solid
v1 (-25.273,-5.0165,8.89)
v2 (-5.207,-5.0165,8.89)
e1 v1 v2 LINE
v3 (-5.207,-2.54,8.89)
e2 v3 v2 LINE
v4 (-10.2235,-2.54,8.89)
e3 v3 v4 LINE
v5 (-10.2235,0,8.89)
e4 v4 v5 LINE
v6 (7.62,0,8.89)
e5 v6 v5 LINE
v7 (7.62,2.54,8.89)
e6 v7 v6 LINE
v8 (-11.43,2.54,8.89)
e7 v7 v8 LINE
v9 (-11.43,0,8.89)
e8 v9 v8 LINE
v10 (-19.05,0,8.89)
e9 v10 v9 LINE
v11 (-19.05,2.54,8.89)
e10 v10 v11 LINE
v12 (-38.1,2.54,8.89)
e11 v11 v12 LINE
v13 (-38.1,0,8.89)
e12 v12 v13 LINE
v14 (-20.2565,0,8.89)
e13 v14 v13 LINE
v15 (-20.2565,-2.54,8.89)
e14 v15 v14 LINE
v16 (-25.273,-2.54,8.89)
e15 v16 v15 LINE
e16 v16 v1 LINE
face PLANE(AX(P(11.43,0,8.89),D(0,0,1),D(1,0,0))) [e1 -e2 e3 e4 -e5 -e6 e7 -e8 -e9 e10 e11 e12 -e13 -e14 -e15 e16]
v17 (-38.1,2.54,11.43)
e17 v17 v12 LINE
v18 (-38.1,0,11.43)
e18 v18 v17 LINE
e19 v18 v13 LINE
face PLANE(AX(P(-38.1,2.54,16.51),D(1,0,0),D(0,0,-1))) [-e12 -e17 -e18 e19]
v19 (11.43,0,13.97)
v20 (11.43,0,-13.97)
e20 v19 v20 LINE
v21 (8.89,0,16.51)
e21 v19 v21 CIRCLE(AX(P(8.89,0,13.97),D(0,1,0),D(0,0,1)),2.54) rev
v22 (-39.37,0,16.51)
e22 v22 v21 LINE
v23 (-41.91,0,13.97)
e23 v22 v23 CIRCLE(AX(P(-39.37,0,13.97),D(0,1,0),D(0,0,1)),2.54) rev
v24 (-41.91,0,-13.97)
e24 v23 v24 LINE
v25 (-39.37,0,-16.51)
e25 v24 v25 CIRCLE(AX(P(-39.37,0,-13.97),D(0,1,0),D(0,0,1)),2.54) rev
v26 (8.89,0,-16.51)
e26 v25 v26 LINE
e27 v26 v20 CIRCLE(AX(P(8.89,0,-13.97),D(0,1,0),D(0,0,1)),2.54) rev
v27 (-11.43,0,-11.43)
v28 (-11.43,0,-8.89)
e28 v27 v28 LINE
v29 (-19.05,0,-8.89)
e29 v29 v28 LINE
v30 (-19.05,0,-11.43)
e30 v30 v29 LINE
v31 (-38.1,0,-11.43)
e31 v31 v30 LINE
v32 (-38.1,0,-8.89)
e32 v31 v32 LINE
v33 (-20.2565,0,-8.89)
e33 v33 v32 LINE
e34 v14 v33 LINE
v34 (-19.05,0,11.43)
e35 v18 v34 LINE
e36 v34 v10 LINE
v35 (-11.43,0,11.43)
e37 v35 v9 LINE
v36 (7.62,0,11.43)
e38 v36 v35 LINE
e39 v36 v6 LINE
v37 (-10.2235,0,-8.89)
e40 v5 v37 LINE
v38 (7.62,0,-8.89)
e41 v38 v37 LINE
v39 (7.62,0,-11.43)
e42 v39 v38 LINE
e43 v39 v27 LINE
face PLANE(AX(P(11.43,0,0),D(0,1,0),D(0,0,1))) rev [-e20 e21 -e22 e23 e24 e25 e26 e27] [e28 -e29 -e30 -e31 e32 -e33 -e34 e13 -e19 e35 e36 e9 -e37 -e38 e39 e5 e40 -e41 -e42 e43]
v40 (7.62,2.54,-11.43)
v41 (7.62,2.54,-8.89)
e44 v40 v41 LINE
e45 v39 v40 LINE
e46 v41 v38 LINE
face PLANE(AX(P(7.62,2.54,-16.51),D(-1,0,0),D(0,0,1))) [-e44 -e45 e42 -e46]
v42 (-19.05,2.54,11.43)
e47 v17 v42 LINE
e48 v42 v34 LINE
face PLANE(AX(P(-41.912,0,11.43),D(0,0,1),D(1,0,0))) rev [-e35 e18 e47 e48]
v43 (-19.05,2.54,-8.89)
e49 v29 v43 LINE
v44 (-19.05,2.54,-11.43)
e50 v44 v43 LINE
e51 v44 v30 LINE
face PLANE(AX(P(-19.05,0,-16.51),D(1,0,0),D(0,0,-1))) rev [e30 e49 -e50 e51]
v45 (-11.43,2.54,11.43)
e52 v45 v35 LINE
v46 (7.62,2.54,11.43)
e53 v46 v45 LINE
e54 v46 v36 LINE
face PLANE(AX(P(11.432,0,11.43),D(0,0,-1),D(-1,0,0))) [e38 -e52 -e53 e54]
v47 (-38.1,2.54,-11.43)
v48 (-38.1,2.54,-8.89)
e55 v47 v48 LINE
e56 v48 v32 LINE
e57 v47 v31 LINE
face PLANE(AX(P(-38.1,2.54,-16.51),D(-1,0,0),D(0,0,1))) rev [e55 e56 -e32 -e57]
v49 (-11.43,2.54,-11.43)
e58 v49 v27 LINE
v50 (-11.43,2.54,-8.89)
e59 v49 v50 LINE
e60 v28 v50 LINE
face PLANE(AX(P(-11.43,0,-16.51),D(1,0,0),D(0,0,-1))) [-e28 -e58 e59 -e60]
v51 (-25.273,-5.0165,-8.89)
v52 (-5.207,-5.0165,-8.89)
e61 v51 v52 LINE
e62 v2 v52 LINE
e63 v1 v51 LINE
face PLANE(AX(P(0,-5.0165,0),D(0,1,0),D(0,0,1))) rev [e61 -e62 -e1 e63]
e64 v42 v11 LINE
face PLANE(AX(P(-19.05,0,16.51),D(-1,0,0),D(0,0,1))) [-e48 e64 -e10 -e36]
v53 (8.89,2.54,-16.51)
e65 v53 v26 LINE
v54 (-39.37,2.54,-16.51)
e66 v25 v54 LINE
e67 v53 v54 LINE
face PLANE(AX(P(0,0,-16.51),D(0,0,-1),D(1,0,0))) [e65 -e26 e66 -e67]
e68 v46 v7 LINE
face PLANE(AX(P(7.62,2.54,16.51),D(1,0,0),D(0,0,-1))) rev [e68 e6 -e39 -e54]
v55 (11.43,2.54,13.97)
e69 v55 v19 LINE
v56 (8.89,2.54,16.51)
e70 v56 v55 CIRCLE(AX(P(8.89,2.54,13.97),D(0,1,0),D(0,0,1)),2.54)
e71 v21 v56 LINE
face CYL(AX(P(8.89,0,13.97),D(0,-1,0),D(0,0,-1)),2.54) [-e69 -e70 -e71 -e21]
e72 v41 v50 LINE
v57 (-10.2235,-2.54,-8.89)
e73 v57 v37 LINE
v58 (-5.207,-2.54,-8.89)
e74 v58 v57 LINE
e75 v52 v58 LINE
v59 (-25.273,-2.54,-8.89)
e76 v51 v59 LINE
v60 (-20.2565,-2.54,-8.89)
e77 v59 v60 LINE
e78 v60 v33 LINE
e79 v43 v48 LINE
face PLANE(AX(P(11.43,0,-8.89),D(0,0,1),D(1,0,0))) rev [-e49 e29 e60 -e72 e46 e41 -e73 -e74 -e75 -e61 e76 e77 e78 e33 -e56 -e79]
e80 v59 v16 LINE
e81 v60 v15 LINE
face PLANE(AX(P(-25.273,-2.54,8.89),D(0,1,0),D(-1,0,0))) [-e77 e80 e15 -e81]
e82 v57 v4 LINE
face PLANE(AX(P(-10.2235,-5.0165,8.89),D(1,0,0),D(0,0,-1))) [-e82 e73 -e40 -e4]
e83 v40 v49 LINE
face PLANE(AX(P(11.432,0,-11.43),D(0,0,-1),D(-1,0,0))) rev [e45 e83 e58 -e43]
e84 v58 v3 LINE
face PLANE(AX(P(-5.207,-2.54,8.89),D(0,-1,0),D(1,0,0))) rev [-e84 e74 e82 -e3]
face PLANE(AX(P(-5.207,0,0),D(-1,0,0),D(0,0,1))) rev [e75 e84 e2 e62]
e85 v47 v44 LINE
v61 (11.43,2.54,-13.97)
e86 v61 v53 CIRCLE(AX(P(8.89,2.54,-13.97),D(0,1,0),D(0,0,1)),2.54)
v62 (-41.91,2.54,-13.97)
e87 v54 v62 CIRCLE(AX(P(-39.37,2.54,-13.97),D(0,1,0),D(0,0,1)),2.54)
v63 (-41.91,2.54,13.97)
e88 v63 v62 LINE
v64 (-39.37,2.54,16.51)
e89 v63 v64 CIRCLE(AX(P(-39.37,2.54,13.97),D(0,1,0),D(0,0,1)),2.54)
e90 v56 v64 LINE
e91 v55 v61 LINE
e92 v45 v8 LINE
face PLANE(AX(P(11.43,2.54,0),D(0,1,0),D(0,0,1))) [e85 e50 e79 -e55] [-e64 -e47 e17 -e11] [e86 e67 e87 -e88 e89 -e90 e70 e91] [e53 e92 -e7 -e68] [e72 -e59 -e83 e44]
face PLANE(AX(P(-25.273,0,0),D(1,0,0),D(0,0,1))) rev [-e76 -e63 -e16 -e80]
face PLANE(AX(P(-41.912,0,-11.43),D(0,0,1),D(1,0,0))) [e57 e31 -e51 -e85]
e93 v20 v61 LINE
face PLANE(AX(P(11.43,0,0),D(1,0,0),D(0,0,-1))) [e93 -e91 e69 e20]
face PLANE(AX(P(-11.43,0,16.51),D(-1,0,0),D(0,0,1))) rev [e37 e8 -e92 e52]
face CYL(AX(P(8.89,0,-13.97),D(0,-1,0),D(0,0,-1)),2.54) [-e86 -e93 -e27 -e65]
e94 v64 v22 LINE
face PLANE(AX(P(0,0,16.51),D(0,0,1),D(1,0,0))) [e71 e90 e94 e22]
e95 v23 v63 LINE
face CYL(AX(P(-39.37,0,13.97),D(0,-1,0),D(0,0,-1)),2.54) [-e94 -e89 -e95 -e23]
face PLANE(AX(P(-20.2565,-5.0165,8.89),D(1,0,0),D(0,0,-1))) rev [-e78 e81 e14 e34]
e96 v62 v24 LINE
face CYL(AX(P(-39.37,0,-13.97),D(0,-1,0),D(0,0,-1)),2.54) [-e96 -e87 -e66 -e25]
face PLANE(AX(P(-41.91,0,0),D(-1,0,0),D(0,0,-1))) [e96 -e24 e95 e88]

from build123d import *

# Parameters (mm, degrees)
SKETCH1_W               = 17.78
SKETCH1_H               = 2.54
BOSS_EXTRUDE1_DEPTH     = 11.43
SKETCH2_W               = 17.78
SKETCH2_H               = 2.54
BOSS_EXTRUDE2_DEPTH     = 15.24
SKETCH16_W              = 3.81
SKETCH16_H              = 2.54
BOSS_EXTRUDE10_DEPTH    = 7.62
BOSS_EXTRUDE11_REACH    = 36.757
SKETCH17_W              = 5.08
SKETCH17_H              = 2.54
MIRROR3_COPY_1_SKETCH_W = 3.81
MIRROR3_COPY_1_SKETCH_H = 2.54
MIRROR3_COPY_1_DEPTH    = 7.62
MIRROR3_COPY_2_REACH    = 36.757
MIRROR3_COPY_2_SKETCH_W = 5.08
MIRROR3_COPY_2_SKETCH_H = 2.54
FILLET1_R               = 2.54
SKETCH18_W              = 5.0165
SKETCH18_H              = 17.78
BOSS_EXTRUDE12_DEPTH    = 5.0165
SKETCH19_W              = 17.78
SKETCH19_H              = 2.4765
BOSS_EXTRUDE13_DEPTH    = 5.0165


with BuildPart() as part:
    # Sketch1 → Boss-Extrude1 (new body)
    with BuildSketch(Plane(origin=(0, 0, 0), x_dir=(0, 0, -1), z_dir=(1, 0, 0))):
        with Locations((0, 1.27)):
            Rectangle(SKETCH1_W, SKETCH1_H)
    extrude(amount=BOSS_EXTRUDE1_DEPTH)

    # Sketch2 → Boss-Extrude2 (add)
    with BuildSketch(Plane.ZY):
        with Locations((0, 1.27)):
            Rectangle(SKETCH2_W, SKETCH2_H)
    extrude(amount=BOSS_EXTRUDE2_DEPTH)

    # Mirror1: part across plane


with BuildPart() as part_1:
    add(part.part)
    add(part.part.mirror(Plane.ZY.offset(15.24)))

    # Sketch16 → Boss-Extrude10 (add)
    with BuildSketch(Plane.XY.offset(8.89)):
        with Locations((-17.145, 1.27)):
            Rectangle(SKETCH16_W, SKETCH16_H)
        with Locations((-40.005, 1.27)):
            Rectangle(SKETCH16_W, SKETCH16_H)
    boss_extrude10 = extrude(amount=BOSS_EXTRUDE10_DEPTH)

    # Sketch17 → Boss-Extrude11 (add, up to next)
    with BuildSketch(Plane.ZY.offset(19.05), mode=Mode.PRIVATE) as boss_extrude11_sk1:
        with Locations((13.97, 1.27)):
            Rectangle(SKETCH17_W, SKETCH17_H)
    boss_extrude11_tool1 = extrude(boss_extrude11_sk1.sketch, amount=BOSS_EXTRUDE11_REACH, mode=Mode.PRIVATE) - part_1.part
    boss_extrude11 = boss_extrude11_tool1.solids().sort_by_distance((-19.05, 1.27, 13.97))[0]
    add(boss_extrude11)

    # Mirror2: Boss-Extrude10, Boss-Extrude11 across plane
    add(boss_extrude10.mirror(Plane.ZY.offset(15.24)))
    add(boss_extrude11.mirror(Plane.ZY.offset(15.24)))

    # Mirror3: Boss-Extrude10, Boss-Extrude11 across plane
    add(boss_extrude10.mirror(Plane.XY))
    add(boss_extrude11.mirror(Plane.XY))

    # Mirror3 copy 1 sketch → Mirror3 copy 1 (add)
    with BuildSketch(Plane(origin=(-30.48, 0, -8.89), x_dir=(-1, 0, 0), z_dir=(0, 0, -1))):
        with Locations((-17.145, 1.27)):
            Rectangle(MIRROR3_COPY_1_SKETCH_W, MIRROR3_COPY_1_SKETCH_H)
        with Locations((-40.005, 1.27)):
            Rectangle(MIRROR3_COPY_1_SKETCH_W, MIRROR3_COPY_1_SKETCH_H)
    extrude(amount=MIRROR3_COPY_1_DEPTH)

    # Mirror3 copy 2 sketch → Mirror3 copy 2 (add, up to next)
    with BuildSketch(Plane(origin=(-11.43, 0, 0), x_dir=(0, 0, -1), z_dir=(1, 0, 0)), mode=Mode.PRIVATE) as mirror3_copy_2_sk1:
        with Locations((13.97, 1.27)):
            Rectangle(MIRROR3_COPY_2_SKETCH_W, MIRROR3_COPY_2_SKETCH_H)
    mirror3_copy_2_tool1 = extrude(mirror3_copy_2_sk1.sketch, amount=MIRROR3_COPY_2_REACH, mode=Mode.PRIVATE) - part_1.part
    add(mirror3_copy_2_tool1.solids().sort_by_distance((-11.43, 1.27, -13.97))[0])

    # Fillet1
    fillet1_edges = [part_1.edges().sort_by_distance(p)[0] for p in [
        (-41.91, 1.27, -16.51),
        (11.43, 1.27, -16.51),
        (-41.91, 1.27, 16.51),
        (11.43, 1.27, 16.51),
    ]]
    fillet(fillet1_edges, radius=FILLET1_R)

    # Sketch18 → Boss-Extrude12 (add)
    with BuildSketch(Plane.XZ):
        with Locations((-12.73175, 0)):
            Rectangle(SKETCH18_W, SKETCH18_H)
    boss_extrude12 = extrude(amount=BOSS_EXTRUDE12_DEPTH)

    # Sketch19 → Boss-Extrude13 (add)
    with BuildSketch(Plane(origin=(-10.2235, 0, 0), x_dir=(0, 0, -1), z_dir=(1, 0, 0))):
        with Locations((0, -3.77825)):
            Rectangle(SKETCH19_W, SKETCH19_H)
    boss_extrude13 = extrude(amount=BOSS_EXTRUDE13_DEPTH)

    # Mirror4: Boss-Extrude12, Boss-Extrude13 across plane
    add(boss_extrude12.mirror(Plane.ZY.offset(15.24)))
    add(boss_extrude13.mirror(Plane.ZY.offset(15.24)))


solid = part_1.part
